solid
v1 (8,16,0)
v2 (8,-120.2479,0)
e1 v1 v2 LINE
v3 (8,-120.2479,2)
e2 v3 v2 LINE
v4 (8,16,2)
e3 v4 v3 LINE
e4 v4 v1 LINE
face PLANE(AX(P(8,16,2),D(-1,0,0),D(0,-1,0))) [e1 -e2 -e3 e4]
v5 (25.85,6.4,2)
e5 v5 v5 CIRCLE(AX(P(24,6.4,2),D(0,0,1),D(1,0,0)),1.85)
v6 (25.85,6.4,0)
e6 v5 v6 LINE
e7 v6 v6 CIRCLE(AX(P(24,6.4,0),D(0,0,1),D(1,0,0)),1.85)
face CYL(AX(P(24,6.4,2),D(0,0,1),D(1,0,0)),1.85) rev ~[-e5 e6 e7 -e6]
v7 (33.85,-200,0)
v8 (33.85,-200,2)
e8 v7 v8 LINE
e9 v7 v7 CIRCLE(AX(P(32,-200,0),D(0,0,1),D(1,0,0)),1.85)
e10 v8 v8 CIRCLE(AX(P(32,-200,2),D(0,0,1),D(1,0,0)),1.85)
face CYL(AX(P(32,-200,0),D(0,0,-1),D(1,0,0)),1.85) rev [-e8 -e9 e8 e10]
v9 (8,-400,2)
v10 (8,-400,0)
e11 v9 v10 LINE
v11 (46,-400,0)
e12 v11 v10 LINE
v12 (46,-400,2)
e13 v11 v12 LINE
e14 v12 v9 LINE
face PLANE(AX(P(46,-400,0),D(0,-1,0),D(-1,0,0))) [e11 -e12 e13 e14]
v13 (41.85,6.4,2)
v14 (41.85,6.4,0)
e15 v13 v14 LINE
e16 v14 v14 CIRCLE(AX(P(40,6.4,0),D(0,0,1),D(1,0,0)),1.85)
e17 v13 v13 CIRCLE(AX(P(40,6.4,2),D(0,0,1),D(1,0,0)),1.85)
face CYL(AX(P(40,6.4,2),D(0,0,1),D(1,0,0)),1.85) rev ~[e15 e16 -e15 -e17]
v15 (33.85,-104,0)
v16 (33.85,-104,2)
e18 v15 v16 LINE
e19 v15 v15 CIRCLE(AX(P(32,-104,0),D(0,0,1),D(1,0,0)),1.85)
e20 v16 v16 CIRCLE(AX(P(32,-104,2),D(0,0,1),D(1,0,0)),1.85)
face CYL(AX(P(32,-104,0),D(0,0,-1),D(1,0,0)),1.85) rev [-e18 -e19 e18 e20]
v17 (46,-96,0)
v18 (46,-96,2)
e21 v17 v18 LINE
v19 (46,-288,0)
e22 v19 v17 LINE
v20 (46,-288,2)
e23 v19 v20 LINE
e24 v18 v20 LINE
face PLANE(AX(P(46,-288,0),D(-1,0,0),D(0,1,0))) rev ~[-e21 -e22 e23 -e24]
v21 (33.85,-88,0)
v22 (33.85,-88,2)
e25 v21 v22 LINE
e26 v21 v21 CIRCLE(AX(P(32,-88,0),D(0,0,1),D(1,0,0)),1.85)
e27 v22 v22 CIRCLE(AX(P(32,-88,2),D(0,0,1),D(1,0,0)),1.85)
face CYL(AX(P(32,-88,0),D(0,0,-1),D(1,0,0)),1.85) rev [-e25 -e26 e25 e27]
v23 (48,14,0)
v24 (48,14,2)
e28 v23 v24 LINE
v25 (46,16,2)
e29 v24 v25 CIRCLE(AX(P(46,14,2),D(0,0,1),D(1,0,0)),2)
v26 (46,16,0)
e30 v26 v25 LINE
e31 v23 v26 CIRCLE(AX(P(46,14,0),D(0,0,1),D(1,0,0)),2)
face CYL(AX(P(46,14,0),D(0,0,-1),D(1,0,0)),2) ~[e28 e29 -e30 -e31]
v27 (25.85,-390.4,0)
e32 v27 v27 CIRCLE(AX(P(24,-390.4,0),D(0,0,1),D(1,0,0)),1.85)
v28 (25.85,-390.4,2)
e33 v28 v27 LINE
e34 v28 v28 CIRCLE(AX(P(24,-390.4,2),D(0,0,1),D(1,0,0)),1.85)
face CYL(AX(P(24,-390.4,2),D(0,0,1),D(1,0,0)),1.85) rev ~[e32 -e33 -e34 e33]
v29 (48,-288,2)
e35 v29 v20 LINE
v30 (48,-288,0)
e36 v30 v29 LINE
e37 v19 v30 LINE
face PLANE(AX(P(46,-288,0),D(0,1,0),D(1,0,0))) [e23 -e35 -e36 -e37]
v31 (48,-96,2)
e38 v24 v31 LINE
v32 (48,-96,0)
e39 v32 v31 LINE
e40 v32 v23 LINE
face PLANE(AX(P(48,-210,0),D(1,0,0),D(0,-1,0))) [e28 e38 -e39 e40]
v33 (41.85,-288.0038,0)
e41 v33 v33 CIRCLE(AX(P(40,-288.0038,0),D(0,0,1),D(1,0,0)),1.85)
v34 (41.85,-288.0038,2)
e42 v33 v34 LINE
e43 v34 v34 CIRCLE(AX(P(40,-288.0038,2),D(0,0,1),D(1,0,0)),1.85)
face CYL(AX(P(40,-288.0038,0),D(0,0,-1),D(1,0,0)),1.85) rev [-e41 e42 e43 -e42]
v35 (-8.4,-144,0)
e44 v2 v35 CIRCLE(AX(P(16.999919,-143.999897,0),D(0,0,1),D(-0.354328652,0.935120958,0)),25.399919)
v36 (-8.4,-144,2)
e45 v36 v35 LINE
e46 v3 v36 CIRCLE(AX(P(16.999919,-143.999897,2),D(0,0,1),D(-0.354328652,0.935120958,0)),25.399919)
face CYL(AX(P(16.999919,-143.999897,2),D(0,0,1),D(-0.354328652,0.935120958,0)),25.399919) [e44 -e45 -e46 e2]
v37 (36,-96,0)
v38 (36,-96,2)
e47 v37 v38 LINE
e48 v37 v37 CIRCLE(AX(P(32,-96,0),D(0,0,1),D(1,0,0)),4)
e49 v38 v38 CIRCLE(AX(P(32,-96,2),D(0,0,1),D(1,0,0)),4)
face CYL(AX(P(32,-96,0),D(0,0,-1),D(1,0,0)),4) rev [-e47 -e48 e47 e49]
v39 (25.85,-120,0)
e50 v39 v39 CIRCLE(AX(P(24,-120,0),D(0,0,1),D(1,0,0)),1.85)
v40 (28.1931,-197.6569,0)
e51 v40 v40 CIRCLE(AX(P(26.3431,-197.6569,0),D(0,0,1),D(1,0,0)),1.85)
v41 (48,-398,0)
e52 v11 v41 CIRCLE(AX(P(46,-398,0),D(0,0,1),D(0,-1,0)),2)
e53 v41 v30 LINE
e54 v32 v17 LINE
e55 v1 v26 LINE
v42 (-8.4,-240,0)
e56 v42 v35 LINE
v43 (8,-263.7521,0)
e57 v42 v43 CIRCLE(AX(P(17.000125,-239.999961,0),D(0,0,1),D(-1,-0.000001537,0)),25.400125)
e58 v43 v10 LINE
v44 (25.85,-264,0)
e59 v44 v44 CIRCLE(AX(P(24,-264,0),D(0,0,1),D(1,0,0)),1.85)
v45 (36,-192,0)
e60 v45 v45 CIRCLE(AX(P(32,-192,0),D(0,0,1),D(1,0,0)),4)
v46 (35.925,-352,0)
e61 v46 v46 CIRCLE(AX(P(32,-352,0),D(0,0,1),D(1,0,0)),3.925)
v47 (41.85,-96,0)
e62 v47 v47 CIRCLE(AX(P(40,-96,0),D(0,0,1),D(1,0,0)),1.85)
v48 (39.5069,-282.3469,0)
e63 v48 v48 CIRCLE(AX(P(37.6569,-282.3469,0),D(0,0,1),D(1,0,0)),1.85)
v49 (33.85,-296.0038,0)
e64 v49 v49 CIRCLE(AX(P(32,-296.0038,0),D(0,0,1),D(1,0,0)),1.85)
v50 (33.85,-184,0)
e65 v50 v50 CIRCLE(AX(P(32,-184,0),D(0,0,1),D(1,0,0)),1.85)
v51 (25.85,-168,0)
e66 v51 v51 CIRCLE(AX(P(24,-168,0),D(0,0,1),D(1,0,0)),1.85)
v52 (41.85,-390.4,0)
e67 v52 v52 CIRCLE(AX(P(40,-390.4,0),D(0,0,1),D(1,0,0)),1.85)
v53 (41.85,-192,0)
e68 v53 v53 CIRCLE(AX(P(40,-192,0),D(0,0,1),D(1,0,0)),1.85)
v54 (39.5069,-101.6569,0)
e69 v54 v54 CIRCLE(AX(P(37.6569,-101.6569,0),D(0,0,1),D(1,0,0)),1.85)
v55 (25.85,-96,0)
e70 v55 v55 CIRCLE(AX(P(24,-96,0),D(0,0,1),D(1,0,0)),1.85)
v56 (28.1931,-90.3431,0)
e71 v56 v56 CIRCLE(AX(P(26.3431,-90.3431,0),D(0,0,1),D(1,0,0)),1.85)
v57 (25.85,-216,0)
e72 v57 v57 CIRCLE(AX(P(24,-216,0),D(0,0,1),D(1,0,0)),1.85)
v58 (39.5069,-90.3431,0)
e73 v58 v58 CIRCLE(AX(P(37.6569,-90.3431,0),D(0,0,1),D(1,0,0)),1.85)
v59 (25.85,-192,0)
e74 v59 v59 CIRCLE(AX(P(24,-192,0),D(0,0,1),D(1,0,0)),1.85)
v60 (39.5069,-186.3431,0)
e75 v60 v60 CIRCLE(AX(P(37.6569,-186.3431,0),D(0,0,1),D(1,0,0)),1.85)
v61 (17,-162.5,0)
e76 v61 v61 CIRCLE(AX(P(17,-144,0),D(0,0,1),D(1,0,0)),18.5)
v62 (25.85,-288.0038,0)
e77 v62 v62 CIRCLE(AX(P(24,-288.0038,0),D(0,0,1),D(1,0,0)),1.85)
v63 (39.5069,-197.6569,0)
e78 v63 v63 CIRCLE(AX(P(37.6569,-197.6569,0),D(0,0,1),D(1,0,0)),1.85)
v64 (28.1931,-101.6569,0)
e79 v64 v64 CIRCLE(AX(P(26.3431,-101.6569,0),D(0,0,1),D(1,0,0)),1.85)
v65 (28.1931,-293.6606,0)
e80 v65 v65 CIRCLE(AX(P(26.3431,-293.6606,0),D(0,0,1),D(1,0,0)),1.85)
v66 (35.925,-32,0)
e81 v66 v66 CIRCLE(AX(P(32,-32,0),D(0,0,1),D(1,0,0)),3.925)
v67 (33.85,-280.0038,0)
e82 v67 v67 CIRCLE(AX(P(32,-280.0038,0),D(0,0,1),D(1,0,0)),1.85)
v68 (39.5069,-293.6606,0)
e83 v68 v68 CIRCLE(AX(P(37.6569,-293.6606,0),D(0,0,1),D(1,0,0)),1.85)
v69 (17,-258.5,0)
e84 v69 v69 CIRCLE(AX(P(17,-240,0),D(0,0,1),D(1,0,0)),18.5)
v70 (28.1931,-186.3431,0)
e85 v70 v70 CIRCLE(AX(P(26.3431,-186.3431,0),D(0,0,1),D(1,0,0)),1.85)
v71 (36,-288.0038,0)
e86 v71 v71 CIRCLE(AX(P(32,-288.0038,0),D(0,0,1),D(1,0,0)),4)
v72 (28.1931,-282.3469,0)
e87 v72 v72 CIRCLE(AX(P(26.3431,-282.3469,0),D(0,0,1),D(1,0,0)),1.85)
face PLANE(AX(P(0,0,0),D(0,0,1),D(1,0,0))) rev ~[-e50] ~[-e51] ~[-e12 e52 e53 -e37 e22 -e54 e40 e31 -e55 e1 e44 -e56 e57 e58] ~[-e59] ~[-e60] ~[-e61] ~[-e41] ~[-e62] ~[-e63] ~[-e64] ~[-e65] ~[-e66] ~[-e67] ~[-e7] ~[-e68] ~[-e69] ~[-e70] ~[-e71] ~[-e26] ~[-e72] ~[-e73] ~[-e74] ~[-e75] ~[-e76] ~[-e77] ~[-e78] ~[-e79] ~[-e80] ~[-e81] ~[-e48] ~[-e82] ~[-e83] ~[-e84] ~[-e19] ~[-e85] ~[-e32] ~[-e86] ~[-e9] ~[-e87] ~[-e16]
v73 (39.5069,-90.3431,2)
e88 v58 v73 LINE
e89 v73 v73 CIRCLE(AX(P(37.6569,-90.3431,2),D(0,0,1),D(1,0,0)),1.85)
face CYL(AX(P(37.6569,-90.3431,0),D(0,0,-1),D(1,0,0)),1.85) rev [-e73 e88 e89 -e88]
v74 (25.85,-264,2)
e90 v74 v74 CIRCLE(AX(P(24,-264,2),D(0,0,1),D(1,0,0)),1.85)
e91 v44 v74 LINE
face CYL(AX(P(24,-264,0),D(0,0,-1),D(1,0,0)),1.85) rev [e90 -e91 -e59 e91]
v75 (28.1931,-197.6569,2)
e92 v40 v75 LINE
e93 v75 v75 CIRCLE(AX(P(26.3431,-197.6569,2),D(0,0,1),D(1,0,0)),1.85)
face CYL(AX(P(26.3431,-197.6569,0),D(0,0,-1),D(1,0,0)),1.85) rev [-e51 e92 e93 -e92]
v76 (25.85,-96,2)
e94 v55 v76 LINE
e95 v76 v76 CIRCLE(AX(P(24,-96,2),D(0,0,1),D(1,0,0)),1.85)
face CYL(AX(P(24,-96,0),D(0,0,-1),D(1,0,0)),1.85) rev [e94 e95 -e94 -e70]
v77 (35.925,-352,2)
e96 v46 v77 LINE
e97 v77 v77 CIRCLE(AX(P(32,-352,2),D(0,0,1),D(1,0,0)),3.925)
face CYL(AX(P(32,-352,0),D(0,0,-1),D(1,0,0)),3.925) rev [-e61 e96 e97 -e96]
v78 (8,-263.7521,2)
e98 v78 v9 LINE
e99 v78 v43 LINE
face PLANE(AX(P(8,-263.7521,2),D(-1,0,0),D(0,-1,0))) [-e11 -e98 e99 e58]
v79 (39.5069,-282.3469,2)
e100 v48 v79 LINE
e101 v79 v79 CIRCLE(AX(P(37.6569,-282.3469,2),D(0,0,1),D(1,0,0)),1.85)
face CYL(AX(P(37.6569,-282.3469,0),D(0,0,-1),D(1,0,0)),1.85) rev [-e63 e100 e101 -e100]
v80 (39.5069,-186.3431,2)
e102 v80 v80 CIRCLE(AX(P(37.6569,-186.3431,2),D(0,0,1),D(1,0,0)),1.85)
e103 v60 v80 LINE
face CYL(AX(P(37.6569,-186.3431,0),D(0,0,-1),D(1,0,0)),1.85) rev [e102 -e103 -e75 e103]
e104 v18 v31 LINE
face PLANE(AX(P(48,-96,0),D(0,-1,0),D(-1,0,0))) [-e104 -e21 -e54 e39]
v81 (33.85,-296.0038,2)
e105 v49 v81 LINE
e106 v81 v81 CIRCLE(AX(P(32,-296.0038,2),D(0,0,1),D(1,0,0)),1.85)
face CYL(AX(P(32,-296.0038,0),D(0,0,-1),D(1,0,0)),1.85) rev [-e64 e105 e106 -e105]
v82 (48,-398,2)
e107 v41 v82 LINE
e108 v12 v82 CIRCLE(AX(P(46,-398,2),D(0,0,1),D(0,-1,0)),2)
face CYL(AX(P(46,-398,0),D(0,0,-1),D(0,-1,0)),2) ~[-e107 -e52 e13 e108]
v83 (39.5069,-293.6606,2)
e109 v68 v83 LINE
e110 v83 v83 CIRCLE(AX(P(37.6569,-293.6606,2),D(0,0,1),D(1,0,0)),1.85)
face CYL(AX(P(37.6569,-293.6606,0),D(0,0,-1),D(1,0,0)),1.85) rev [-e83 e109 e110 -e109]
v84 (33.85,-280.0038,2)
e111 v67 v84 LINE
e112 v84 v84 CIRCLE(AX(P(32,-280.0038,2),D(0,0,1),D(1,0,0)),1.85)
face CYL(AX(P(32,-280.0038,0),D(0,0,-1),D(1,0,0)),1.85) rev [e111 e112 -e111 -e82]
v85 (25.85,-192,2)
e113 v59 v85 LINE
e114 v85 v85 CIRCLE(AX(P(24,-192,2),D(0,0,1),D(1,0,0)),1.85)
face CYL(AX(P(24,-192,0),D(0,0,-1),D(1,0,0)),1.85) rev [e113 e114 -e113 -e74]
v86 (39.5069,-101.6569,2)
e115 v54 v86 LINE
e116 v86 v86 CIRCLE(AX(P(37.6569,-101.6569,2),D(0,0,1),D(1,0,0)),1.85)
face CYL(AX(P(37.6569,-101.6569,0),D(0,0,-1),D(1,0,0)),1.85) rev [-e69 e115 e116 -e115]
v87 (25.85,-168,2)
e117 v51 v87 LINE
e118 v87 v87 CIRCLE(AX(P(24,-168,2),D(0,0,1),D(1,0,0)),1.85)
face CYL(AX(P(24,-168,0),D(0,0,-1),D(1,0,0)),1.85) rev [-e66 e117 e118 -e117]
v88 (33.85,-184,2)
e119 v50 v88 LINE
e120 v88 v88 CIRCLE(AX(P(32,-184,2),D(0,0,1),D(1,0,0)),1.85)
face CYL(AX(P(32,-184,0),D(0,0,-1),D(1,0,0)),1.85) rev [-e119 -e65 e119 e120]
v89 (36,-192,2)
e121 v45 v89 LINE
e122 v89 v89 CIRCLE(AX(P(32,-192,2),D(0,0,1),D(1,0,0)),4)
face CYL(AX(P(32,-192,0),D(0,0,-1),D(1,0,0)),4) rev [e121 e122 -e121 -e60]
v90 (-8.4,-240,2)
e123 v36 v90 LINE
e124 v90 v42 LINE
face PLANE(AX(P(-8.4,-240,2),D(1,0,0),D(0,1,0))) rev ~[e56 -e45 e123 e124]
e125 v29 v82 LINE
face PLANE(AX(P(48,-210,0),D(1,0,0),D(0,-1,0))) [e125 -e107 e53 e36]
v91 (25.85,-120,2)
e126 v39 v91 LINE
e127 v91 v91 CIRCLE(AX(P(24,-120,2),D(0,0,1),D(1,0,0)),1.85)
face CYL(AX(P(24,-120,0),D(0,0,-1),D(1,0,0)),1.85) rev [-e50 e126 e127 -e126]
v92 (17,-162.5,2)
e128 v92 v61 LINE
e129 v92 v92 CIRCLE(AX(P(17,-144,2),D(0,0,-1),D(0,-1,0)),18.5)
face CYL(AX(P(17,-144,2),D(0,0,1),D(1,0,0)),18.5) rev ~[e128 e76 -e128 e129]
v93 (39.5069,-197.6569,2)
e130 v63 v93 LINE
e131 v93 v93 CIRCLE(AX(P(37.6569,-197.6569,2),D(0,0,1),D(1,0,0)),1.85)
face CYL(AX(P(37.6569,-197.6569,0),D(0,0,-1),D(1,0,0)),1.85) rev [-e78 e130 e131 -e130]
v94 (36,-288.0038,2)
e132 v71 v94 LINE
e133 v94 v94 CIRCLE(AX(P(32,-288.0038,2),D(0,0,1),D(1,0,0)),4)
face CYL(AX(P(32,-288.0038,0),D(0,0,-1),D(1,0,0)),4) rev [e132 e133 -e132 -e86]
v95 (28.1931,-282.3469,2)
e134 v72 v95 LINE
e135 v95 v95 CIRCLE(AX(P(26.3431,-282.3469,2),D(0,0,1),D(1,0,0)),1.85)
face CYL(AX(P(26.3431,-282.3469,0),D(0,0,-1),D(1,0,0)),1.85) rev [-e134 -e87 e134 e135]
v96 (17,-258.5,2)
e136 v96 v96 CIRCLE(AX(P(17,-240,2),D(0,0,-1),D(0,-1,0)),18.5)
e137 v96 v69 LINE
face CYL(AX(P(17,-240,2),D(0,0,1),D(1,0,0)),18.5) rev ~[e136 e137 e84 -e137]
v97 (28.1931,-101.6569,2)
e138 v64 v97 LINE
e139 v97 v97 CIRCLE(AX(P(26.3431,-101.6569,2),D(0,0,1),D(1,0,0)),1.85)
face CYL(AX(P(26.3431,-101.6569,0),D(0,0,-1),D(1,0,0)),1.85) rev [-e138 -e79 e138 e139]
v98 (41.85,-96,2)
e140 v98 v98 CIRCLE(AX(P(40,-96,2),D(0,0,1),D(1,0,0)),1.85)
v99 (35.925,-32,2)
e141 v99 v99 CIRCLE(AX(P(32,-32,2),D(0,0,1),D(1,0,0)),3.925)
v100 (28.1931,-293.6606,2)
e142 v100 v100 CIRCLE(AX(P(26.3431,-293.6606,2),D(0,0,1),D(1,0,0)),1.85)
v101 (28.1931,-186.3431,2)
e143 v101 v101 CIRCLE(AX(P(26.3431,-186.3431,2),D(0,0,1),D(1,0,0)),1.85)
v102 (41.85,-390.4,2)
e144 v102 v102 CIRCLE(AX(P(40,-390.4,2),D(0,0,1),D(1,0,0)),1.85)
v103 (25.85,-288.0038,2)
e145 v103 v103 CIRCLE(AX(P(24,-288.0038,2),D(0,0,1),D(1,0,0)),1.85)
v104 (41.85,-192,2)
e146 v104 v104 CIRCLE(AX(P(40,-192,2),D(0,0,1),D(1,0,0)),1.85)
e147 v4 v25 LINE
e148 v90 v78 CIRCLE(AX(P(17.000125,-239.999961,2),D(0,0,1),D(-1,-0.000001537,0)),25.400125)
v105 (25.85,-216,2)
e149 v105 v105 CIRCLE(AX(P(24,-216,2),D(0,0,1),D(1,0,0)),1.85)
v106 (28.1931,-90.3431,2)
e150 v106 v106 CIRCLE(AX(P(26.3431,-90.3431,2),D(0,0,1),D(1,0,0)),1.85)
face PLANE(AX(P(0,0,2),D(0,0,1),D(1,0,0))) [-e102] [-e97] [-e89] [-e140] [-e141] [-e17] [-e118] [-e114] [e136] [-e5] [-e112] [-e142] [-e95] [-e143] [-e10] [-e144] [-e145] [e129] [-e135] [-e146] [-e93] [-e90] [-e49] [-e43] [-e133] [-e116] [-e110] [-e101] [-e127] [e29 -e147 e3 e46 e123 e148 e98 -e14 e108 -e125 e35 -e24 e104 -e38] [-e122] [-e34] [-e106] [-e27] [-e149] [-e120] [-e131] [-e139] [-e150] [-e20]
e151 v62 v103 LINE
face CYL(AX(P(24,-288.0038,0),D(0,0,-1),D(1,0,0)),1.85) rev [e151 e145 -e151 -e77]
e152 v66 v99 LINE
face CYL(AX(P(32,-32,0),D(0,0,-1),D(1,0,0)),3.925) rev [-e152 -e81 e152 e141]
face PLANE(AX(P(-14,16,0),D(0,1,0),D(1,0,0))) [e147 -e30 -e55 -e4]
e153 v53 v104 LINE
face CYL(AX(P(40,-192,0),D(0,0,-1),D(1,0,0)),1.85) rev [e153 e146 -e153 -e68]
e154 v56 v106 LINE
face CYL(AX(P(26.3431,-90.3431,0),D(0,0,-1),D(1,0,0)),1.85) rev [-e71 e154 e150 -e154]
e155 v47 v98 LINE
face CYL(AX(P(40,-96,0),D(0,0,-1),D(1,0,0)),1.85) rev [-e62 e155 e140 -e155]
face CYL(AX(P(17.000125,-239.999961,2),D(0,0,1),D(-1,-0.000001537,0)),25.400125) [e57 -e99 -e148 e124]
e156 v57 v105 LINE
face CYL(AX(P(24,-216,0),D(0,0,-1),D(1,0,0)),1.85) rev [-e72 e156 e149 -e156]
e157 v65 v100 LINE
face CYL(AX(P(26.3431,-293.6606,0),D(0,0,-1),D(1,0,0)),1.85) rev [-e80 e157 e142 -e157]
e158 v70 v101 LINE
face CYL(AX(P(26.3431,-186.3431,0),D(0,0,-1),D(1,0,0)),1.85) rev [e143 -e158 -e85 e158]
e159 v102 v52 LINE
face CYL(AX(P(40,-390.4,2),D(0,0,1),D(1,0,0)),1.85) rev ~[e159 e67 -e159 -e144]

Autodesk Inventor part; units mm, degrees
ref_plane "YZ Plane" through (0, 0, 0) normal (1, 0, 0) x (0, 1, 0)
ref_plane "XZ Plane" through (0, 0, 0) normal (0, 1, 0) x (-1, 0, 0)
ref_plane "XY Plane" through (0, 0, 0) normal (0, 0, 1) x (1, 0, 0)
sketch "Sketch1" plane through (0, 0, 0) normal (0, 0, 1) x (1, 0, 0)
  line L0 (48, -210) -> (48, -398)
  arc A0 (46, -400) -> (48, -398) centre (46, -398) ccw
  line L1 (46, -400) -> (-14, -400)
  line L2 (-16, -398) -> (-16, -210)
  arc A1 (-16, -398) -> (-14, -400) centre (-14, -398) ccw
  line L3 (48, -114.5) -> (48, -269.5)
  line L4 (48, 14) -> (48, -174)
  line L5 (-16, -174) -> (-16, 14)
  line L6 (-14, 16) -> (46, 16)
  arc A2 (-14, 16) -> (-16, 14) centre (-14, 14) ccw
  arc A3 (48, 14) -> (46, 16) centre (46, 14) ccw
  circle A4 centre (32, -184) radius 1.85
  circle A5 centre (37.6569, -186.3431) radius 1.85
  circle A6 centre (40, -192) radius 1.85
  circle A7 centre (32, -192) radius 4
  circle A8 centre (37.6569, -197.6569) radius 1.85
  circle A9 centre (24, -192) radius 1.85
  circle A10 centre (26.3431, -186.3431) radius 1.85
  circle A11 centre (26.3431, -197.6569) radius 1.85
  circle A12 centre (32, -200) radius 1.85
  circle A13 centre (37.6569, -101.6569) radius 1.85
  circle A14 centre (40, -96) radius 1.85
  circle A15 centre (37.6569, -90.3431) radius 1.85
  circle A16 centre (32, -88) radius 1.85
  circle A17 centre (32, -96) radius 4
  circle A18 centre (26.3431, -90.3431) radius 1.85
  circle A19 centre (24, -96) radius 1.85
  circle A20 centre (26.3431, -101.6569) radius 1.85
  circle A21 centre (32, -104) radius 1.85
  circle A22 centre (24, -288.0038) radius 1.85
  circle A23 centre (26.3431, -293.6606) radius 1.85
  circle A24 centre (32, -296.0038) radius 1.85
  circle A25 centre (37.6569, -293.6606) radius 1.85
  circle A26 centre (40, -288.0038) radius 1.85
  circle A27 centre (37.6569, -282.3469) radius 1.85
  circle A28 centre (32, -280.0038) radius 1.85
  circle A29 centre (26.3431, -282.3469) radius 1.85
  circle A30 centre (32, -288.0038) radius 4
  circle A31 centre (24, -264) radius 1.85
  circle A32 centre (24, -216) radius 1.85
  circle A33 centre (24, -168) radius 1.85
  circle A34 centre (24, -120) radius 1.85
  line L7 (-16, -210) -> (-16, -174)
  circle A35 centre (32, -352) radius 3.925
  circle A36 centre (32, -32) radius 3.925
  point P0 (0, 0)
  point P1 (16, -176)
  point P2 (16, -208)
extrude "Extrusion1" add sketch "Sketch1" along normal blind 2
sketch "Sketch3" plane through (0, 0, 2) normal (0, 0, 1) x (1, 0, 0)
  arc A0 (17, -162.5) -> (17, -125.5) centre (17, -144) ccw projected
  arc A1 (17, -258.5) -> (17, -221.5) centre (17, -240) ccw projected
  circle A2 centre (17, -144) radius 18.5
  circle A3 centre (17, -240) radius 18.5
  point P0 (0, 0)
  point P1 (17, -221.5)
  point P2 (17, -125.5)
extrude "Extrusion3" cut sketch "Sketch3" against normal through all
sketch "Sketch4" plane through (0, 0, 2) normal (0, 0, 1) x (1, 0, 0)
  circle A0 centre (17, -144) radius 18.65
  circle A1 centre (17, -240) radius 18.65
  arc A2 (8, -120.2479) -> (-8.4, -144) centre (17, -144) ccw
  arc A3 (-8.4, -240) -> (8, -263.7521) centre (17, -240) ccw
  line L0 (8, -263.7521) -> (8, -400)
  line L1 (8, 16) -> (8, -120.2479)
  line L2 (8, -400) -> (-14, -400)
  line L3 (8, 16) -> (-14, 16)
  arc A4 (-14, 16) -> (-16, 14) centre (-14, 14) ccw projected
  arc A5 (-16, -398) -> (-14, -400) centre (-14, -398) ccw projected
  line L4 (-8.4, -240) -> (-8.4, -208)
  line L5 (-8.4, -176) -> (-8.4, -144)
  line L6 (-16, 14) -> (-16, -398) projected
  line L7 (-16, -398) -> (-16, 14)
  line L8 (-8.4, -208) -> (-8.4, -176)
  point P0 (0, 0)
  dimension "d8" = 50.8
extrude "Extrusion4" cut sketch "Sketch4" against normal through all contours A2 L5 L8 L4 A3 L0 L2 A5 L6 A4 L3 L1
sketch "Sketch5" plane through (0, 0, 0) normal (0, 0, -1) x (-1, 0, 0)
  line L0 (-48, -96) -> (-46, -96)
  line L1 (-46, -288) -> (-48, -288)
  line L2 (-46, -288) -> (-46, -96)
  line L3 (-48, -398) -> (-48, 14) projected
  line L4 (-48, -96) -> (-48, -288)
  point P0 (0, 0)
extrude "Extrusion5" cut sketch "Sketch5" against normal through all
sketch "Sketch6" plane through (0, 0, 2) normal (0, 0, 1) x (1, 0, 0)
  circle A0 centre (40, 6.4) radius 1.85
  circle A1 centre (24, 6.4) radius 1.85
  circle A2 centre (40, -390.4) radius 1.85
  circle A3 centre (24, -390.4) radius 1.85
  point P0 (0, 0)
extrude "Extrusion6" cut sketch "Sketch6" against normal through all
properties part number "plate1" material "Aluminum 6061"
